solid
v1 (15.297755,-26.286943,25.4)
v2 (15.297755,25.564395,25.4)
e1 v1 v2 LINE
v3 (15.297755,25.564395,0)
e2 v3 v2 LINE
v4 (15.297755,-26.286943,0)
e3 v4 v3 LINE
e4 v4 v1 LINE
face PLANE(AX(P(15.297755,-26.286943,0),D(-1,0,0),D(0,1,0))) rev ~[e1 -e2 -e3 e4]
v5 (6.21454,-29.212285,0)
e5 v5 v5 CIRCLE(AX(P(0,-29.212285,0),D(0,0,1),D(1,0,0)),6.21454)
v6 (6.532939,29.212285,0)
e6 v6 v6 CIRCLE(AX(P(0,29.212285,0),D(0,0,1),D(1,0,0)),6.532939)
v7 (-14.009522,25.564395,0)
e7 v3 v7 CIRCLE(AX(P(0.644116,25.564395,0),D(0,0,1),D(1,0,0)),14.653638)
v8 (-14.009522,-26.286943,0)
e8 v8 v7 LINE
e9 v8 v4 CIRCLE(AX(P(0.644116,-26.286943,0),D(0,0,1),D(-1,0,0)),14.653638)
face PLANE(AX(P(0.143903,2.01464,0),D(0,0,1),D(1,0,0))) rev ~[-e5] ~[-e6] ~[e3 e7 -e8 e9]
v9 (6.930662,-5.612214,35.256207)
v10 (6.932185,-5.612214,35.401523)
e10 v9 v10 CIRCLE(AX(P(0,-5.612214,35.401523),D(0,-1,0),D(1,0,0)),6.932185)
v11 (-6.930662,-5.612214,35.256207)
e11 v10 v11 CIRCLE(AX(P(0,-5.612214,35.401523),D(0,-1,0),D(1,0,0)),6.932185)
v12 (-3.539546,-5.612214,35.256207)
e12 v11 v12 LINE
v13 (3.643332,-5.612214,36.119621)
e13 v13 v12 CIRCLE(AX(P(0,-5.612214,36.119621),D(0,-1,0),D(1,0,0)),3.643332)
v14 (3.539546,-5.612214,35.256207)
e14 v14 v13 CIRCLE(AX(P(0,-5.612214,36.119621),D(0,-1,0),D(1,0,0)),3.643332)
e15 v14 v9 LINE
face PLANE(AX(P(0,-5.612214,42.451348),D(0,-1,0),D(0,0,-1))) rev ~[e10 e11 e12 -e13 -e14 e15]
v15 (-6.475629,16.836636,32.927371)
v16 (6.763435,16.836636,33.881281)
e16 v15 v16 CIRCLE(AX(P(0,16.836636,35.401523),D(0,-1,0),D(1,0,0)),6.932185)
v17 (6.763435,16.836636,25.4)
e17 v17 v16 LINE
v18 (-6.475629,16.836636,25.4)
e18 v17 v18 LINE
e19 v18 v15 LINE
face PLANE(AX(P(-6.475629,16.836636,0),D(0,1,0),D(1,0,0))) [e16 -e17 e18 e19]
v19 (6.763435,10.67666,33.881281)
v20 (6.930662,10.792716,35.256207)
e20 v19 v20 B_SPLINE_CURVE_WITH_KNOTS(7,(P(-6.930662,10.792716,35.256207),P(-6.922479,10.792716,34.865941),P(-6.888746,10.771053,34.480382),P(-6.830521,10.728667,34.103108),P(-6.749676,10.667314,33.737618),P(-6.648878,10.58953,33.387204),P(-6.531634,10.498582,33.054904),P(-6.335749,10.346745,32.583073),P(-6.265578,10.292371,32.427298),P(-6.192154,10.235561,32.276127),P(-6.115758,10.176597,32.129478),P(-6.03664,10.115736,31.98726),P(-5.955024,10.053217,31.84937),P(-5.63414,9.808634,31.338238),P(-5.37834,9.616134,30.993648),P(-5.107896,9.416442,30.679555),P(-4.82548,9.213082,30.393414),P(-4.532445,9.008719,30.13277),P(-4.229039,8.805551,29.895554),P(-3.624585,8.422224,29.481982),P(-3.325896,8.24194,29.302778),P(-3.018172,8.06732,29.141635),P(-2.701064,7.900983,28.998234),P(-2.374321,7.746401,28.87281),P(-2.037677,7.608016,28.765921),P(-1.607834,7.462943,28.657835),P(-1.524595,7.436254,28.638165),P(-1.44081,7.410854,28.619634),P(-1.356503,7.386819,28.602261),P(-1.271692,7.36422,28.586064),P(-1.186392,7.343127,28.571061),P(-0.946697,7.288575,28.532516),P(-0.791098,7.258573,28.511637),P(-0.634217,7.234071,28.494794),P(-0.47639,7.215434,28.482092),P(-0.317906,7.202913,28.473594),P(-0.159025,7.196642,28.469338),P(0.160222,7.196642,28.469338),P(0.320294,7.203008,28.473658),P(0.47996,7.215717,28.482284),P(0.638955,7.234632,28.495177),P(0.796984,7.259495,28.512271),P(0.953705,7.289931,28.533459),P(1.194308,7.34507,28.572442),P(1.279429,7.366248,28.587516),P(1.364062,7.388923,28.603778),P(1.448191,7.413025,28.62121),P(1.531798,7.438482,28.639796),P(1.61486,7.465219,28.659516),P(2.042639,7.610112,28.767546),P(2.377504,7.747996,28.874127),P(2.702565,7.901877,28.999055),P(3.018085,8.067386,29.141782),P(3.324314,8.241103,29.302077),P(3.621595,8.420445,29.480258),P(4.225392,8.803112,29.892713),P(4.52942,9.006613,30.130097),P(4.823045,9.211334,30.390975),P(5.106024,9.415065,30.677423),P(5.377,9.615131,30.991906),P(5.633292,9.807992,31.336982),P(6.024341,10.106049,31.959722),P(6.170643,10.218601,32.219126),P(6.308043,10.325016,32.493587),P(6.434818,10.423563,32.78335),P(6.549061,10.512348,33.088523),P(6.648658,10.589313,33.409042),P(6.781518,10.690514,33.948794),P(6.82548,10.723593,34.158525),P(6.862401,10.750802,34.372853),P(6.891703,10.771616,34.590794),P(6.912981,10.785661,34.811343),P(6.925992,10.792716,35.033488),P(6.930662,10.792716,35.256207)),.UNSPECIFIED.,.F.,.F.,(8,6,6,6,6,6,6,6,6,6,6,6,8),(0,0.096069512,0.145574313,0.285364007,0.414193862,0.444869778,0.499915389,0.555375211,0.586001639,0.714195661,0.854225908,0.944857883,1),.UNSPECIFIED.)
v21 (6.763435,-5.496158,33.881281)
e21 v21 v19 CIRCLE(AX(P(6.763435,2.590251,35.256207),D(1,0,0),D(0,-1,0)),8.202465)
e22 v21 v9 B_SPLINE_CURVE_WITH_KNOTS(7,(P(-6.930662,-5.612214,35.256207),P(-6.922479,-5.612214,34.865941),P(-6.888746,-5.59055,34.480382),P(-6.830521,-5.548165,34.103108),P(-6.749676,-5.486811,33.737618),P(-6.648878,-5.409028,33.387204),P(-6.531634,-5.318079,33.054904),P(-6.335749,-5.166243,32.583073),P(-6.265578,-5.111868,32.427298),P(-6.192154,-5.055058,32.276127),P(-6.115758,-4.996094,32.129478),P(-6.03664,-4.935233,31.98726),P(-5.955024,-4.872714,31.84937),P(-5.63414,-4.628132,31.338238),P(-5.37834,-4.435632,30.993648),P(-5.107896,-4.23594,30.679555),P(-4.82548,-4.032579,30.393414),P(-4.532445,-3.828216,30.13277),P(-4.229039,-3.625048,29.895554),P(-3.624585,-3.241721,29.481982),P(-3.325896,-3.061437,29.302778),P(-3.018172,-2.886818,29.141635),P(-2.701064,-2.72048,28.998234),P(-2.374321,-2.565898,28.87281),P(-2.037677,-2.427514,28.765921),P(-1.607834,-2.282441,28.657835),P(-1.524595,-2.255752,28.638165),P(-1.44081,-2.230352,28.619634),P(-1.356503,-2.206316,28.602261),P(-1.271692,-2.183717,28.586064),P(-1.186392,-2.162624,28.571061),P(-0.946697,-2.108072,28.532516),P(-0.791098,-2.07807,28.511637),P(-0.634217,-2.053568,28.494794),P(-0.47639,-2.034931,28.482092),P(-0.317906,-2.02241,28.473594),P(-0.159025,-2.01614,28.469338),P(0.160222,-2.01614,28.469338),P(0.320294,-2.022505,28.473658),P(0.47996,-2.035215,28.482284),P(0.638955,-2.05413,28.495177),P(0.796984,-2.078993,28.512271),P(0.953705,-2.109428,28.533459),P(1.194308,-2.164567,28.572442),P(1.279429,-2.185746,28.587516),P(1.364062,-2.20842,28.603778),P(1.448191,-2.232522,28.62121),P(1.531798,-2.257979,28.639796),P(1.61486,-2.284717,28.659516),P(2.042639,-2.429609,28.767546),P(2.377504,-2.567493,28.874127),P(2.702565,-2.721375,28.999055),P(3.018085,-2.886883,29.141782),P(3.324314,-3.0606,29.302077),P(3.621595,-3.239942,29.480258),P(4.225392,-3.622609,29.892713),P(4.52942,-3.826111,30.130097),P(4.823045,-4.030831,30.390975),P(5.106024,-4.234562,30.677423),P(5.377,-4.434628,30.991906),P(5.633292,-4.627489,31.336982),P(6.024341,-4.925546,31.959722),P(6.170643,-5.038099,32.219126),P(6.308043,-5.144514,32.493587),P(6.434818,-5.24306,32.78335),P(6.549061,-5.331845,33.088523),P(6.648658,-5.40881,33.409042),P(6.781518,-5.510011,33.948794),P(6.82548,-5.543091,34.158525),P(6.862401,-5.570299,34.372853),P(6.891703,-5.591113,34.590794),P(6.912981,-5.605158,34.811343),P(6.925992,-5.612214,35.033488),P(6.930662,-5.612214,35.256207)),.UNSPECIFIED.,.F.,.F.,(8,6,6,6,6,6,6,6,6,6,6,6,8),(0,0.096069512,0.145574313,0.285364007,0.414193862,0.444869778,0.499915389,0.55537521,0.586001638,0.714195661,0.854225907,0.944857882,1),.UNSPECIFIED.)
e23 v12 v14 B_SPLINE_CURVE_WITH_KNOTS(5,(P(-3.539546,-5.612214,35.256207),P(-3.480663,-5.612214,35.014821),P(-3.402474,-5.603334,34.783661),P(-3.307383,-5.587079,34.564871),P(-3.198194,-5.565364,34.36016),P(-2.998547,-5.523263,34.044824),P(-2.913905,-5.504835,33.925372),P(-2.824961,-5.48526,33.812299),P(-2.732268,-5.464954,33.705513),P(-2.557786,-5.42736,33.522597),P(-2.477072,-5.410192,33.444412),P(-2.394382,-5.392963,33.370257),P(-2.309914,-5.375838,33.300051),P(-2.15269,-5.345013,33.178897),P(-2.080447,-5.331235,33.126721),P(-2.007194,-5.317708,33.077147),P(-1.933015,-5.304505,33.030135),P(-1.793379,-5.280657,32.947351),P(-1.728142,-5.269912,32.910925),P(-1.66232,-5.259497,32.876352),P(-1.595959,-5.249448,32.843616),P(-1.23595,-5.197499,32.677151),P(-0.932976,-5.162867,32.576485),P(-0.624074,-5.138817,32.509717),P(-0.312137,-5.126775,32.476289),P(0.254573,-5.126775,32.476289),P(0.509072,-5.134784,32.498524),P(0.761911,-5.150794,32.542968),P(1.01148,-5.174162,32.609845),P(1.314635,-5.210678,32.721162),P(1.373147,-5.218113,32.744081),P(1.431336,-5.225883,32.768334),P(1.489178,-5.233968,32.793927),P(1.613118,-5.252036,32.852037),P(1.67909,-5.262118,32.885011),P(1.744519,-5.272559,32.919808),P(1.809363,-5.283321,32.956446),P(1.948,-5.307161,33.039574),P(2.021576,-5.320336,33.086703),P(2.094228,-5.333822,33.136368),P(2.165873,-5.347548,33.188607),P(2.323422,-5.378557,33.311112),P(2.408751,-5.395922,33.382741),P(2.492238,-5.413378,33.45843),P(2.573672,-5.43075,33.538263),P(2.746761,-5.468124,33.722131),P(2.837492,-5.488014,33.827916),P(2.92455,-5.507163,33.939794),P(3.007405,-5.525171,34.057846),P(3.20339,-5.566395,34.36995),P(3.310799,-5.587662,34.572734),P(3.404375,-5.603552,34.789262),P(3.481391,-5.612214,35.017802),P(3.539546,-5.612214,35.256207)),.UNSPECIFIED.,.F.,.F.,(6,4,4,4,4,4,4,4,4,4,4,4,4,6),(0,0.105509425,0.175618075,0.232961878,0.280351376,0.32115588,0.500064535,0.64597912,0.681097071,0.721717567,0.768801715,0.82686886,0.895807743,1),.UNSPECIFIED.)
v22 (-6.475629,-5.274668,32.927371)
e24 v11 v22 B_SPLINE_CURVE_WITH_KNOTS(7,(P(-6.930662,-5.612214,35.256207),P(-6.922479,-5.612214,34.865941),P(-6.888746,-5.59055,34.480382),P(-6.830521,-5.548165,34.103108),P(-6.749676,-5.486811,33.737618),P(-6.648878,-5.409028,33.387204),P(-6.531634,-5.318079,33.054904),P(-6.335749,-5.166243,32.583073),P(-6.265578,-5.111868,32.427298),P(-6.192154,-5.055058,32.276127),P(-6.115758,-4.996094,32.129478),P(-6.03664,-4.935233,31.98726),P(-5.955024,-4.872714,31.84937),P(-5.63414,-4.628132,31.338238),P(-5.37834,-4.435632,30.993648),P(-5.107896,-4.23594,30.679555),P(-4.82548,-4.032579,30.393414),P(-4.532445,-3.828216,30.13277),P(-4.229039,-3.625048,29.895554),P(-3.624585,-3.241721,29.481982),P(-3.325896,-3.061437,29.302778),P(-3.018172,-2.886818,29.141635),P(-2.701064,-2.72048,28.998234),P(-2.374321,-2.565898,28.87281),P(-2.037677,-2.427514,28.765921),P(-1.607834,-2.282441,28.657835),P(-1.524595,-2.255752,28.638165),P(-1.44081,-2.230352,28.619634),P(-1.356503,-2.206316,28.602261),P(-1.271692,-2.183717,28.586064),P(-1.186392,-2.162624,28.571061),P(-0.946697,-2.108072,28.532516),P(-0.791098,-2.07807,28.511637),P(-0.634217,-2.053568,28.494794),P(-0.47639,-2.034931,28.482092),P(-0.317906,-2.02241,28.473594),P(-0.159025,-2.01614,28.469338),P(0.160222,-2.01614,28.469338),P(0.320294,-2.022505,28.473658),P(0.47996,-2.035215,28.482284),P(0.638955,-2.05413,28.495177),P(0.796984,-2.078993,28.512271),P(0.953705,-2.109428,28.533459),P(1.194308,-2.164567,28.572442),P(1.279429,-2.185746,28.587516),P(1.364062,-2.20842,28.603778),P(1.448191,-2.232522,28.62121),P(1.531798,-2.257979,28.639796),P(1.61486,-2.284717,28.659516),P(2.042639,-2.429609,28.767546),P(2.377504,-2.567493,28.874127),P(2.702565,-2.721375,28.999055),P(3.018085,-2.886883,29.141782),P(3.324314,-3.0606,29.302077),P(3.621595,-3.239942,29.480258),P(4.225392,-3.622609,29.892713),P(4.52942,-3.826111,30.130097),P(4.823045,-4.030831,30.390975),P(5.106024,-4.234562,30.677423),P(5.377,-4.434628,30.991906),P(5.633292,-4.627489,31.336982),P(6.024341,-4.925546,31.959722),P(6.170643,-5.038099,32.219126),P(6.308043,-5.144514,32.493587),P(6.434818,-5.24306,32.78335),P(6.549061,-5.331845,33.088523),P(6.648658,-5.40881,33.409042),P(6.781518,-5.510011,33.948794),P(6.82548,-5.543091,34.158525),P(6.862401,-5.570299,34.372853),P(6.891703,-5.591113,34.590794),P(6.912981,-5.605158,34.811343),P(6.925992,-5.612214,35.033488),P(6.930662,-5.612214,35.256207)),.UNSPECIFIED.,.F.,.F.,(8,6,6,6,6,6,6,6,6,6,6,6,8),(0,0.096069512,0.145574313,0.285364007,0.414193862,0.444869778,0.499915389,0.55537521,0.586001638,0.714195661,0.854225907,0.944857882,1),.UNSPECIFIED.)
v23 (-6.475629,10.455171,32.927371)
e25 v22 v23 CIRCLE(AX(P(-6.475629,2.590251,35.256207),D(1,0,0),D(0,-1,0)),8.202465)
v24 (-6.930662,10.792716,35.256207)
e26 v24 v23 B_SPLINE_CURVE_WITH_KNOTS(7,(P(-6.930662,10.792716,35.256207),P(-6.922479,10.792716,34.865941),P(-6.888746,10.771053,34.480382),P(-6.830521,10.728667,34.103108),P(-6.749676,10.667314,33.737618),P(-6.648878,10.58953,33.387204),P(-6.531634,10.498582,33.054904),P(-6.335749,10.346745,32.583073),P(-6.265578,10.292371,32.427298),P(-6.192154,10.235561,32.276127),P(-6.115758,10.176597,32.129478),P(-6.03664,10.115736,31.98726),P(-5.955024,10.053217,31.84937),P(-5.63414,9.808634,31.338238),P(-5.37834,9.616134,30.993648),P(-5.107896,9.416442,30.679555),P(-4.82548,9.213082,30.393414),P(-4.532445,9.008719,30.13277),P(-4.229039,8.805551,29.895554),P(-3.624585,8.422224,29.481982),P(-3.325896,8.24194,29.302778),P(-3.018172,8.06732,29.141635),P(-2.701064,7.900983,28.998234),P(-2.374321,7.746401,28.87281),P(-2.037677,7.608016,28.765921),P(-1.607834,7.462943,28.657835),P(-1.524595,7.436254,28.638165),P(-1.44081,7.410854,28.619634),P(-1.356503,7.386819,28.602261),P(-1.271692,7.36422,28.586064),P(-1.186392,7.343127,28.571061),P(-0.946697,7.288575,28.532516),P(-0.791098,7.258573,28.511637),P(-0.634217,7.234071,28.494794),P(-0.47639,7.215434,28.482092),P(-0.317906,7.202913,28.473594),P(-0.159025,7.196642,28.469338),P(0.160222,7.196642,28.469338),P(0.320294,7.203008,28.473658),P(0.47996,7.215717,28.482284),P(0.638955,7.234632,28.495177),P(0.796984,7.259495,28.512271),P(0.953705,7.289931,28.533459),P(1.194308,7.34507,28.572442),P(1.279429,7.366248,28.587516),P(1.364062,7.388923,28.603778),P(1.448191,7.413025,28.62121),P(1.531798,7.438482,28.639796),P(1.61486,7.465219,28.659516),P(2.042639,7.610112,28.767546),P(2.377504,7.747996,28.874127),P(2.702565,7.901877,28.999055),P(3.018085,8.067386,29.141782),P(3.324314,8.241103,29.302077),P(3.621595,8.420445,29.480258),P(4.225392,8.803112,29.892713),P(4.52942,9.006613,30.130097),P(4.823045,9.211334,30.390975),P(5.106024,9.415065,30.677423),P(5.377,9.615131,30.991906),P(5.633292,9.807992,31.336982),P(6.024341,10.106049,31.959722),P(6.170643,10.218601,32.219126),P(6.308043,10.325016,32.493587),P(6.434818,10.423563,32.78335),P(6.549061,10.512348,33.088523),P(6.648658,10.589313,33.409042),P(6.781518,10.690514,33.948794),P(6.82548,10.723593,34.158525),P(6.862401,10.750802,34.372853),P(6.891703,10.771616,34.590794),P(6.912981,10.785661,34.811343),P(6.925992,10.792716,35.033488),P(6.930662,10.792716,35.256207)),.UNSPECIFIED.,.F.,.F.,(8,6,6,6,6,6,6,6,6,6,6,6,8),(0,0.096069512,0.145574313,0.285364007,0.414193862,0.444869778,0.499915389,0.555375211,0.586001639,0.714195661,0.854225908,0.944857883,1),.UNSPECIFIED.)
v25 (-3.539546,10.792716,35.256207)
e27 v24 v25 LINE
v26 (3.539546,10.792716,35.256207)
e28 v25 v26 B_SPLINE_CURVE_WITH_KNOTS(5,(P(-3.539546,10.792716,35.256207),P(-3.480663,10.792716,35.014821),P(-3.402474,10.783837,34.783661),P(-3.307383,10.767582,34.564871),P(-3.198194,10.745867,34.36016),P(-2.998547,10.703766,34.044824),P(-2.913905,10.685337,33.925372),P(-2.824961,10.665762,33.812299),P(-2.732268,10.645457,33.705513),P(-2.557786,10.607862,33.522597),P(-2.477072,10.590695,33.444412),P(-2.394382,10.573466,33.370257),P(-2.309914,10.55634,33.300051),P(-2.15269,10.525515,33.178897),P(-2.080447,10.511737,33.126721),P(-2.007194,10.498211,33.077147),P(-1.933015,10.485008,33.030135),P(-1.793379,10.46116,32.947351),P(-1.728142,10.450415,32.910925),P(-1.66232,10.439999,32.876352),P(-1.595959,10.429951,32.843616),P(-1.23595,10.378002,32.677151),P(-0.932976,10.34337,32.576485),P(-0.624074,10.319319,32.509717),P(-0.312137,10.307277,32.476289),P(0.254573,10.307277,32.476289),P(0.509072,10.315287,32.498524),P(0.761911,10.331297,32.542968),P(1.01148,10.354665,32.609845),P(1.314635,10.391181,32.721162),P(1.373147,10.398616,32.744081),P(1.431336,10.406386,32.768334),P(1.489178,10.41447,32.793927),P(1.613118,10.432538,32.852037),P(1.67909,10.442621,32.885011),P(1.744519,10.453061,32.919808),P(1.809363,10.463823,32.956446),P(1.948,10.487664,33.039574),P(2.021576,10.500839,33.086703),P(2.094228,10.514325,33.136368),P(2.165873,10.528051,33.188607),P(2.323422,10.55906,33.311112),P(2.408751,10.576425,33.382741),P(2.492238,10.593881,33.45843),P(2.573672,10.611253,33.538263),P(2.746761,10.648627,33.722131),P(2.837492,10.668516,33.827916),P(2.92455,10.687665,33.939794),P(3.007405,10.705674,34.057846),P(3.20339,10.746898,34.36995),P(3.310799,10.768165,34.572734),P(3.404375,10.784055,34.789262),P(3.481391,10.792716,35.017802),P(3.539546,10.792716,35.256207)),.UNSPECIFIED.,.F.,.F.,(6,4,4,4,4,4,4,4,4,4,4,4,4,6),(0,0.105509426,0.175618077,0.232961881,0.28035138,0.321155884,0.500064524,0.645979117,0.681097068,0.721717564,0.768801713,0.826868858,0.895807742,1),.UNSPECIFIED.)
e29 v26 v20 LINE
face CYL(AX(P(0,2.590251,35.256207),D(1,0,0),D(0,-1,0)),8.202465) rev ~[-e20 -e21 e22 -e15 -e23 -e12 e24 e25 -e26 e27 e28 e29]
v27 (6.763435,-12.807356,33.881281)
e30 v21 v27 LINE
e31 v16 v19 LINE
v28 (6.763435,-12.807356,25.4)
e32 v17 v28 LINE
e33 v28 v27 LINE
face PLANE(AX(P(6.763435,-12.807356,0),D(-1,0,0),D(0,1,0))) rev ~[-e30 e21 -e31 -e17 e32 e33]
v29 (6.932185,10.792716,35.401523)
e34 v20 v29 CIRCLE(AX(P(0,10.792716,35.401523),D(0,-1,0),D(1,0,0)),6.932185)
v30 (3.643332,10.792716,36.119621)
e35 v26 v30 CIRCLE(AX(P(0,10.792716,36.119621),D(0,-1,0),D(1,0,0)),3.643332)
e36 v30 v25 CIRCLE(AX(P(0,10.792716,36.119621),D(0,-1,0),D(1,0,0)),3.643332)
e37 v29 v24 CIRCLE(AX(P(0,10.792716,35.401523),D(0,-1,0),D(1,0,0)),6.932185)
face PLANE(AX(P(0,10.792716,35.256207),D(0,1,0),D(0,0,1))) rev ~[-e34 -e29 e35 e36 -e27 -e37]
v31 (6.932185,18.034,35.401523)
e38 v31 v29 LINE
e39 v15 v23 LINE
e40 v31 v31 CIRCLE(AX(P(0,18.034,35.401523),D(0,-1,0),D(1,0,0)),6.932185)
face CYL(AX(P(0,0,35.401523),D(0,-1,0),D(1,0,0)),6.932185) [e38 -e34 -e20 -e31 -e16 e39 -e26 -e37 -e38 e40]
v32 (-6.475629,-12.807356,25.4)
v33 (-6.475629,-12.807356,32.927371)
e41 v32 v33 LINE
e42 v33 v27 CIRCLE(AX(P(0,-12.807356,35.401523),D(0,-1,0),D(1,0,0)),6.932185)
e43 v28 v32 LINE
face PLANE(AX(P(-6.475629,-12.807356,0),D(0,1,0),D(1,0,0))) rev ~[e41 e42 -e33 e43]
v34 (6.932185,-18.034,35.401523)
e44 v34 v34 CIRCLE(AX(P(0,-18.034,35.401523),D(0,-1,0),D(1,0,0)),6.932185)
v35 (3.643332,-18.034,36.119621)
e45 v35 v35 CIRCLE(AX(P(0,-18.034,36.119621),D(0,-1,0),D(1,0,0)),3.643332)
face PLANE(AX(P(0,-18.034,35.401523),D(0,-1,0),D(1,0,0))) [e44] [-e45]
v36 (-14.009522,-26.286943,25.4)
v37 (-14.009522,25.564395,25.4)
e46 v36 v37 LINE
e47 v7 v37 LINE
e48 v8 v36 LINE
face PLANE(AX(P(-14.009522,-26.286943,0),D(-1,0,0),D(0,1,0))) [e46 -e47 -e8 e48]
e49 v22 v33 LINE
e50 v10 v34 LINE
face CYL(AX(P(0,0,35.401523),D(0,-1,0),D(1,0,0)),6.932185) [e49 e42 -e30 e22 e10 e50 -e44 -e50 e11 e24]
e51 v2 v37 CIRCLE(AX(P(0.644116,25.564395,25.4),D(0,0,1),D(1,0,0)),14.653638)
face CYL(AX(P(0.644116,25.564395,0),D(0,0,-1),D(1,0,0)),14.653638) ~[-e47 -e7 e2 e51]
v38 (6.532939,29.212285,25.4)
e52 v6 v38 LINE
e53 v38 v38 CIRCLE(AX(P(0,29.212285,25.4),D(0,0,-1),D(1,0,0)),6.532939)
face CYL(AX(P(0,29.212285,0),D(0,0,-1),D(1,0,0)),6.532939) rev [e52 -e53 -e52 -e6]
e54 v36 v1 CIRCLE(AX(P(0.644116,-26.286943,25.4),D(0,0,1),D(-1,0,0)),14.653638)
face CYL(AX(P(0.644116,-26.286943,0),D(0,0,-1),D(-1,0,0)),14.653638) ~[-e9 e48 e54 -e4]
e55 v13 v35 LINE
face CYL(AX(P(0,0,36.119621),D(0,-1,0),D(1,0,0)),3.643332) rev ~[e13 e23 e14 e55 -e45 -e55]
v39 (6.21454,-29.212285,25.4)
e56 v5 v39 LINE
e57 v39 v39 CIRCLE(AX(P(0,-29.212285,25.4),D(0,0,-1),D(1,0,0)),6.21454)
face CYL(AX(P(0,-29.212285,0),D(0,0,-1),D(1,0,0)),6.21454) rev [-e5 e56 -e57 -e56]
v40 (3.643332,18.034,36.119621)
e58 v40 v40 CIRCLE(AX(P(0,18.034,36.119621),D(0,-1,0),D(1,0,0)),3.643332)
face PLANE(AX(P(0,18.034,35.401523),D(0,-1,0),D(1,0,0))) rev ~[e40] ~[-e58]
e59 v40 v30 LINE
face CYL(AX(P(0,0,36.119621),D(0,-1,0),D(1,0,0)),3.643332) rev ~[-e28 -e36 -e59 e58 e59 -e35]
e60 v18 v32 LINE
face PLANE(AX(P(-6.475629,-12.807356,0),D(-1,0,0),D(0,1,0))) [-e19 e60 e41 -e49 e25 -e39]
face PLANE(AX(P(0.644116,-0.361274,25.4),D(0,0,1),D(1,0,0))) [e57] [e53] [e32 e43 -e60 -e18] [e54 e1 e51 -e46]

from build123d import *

# Parameters (mm, degrees)
F0_W      = 29.3072769418
F0_H      = 51.8513377756
F1_DEPTH  = 25.4
F2_R      = 6.2145404026
F2_R_2    = 6.5329388007
F3_DEPTH  = 73.914
F4_W      = 13.2390642539
F4_H      = 29.6439919621
F5_DEPTH  = 36.322
F6_R      = 6.9321854406
F7_DEPTH  = 18.034
F9_DEPTH  = 24.892
F10_R     = 3.6433318827
F11_DEPTH = 55.88


with BuildPart() as f1:
    # F0 (on Top) → F1 (new body)
    with BuildSketch(Plane.XY):
        with Locations((0.6441161968, -0.3612739965)):
            Rectangle(F0_W, F0_H)
        with BuildLine():
            Line((15.2977546677, -26.2869428843), (-14.0095222741, -26.2869428843))
            ThreePointArc((-14.0095222741, -26.2869428843), (0.6441161968, -40.9405813552), (15.2977546677, -26.2869428843))
        make_face()
        with BuildLine():
            ThreePointArc((15.2977546677, 25.5643948913), (0.6441161968, 40.2180333622), (-14.0095222741, 25.5643948913))
            Line((-14.0095222741, 25.5643948913), (15.2977546677, 25.5643948913))
        make_face()
    extrude(amount=F1_DEPTH)

    # F2 (on Top) → F3 (cut)
    with BuildSketch(Plane.XY):
        with Locations((0, -29.2122848332)):
            Circle(F2_R)
        with Locations((0, 29.2122848332)):
            Circle(F2_R_2)
    extrude(amount=F3_DEPTH, mode=Mode.SUBTRACT)

    # F4 (on Top) → F5 (join)
    with BuildSketch(Plane.XY):
        with Locations((0.1439033076, 2.0146397874)):
            Rectangle(F4_W, F4_H)
    extrude(amount=F5_DEPTH)

    # F6 (on Front) → F7 (join, symmetric)
    with BuildSketch(Plane.XZ):
        with Locations((0, 35.4015231133)):
            Circle(F6_R)
    extrude(amount=F7_DEPTH, both=True)

    # F8 (on Right) → F9 (cut, symmetric)
    with BuildSketch(Plane.YZ):
        with BuildLine():
            Line((-1.3480700781, 42.4513481557), (-5.6122136302, 42.4513481557))
            Line((-5.6122136302, 42.4513481557), (-5.6122136302, 35.2562069893))
            ThreePointArc((-5.6122136302, 35.2562069893), (-4.4661066114, 39.4381017942), (-1.3480700781, 42.4513481557))
        make_face()
        with BuildLine():
            ThreePointArc((6.5285728542, 42.4513481557), (2.590251388, 43.4586720075), (-1.3480700781, 42.4513481557))
            Line((-1.3480700781, 42.4513481557), (6.5285728542, 42.4513481557))
        make_face()
        with BuildLine():
            Line((6.5285728542, 42.4513481557), (-1.3480700781, 42.4513481557))
            ThreePointArc((-1.3480700781, 42.4513481557), (-4.4661066114, 39.4381017942), (-5.6122136302, 35.2562069893))
            Line((-5.6122136302, 35.2562069893), (10.7927164063, 35.2562069893))
            ThreePointArc((10.7927164063, 35.2562069893), (9.6466093875, 39.4381017942), (6.5285728542, 42.4513481557))
        make_face()
        with BuildLine():
            Line((10.7927164063, 35.2562069893), (-5.6122136302, 35.2562069893))
            ThreePointArc((-5.6122136302, 35.2562069893), (2.590251388, 27.053741971), (10.7927164063, 35.2562069893))
        make_face()
        with BuildLine():
            Line((10.7927164063, 42.4513481557), (6.5285728542, 42.4513481557))
            ThreePointArc((6.5285728542, 42.4513481557), (9.6466093875, 39.4381017942), (10.7927164063, 35.2562069893))
            Line((10.7927164063, 35.2562069893), (10.7927164063, 42.4513481557))
        make_face()
    extrude(amount=F9_DEPTH, both=True, mode=Mode.SUBTRACT)

    # F10 (on Front) → F11 (cut, symmetric)
    with BuildSketch(Plane.XZ):
        with Locations((0, 36.1196212471)):
            Circle(F10_R)
    extrude(amount=F11_DEPTH, both=True, mode=Mode.SUBTRACT)


solid = f1.part
